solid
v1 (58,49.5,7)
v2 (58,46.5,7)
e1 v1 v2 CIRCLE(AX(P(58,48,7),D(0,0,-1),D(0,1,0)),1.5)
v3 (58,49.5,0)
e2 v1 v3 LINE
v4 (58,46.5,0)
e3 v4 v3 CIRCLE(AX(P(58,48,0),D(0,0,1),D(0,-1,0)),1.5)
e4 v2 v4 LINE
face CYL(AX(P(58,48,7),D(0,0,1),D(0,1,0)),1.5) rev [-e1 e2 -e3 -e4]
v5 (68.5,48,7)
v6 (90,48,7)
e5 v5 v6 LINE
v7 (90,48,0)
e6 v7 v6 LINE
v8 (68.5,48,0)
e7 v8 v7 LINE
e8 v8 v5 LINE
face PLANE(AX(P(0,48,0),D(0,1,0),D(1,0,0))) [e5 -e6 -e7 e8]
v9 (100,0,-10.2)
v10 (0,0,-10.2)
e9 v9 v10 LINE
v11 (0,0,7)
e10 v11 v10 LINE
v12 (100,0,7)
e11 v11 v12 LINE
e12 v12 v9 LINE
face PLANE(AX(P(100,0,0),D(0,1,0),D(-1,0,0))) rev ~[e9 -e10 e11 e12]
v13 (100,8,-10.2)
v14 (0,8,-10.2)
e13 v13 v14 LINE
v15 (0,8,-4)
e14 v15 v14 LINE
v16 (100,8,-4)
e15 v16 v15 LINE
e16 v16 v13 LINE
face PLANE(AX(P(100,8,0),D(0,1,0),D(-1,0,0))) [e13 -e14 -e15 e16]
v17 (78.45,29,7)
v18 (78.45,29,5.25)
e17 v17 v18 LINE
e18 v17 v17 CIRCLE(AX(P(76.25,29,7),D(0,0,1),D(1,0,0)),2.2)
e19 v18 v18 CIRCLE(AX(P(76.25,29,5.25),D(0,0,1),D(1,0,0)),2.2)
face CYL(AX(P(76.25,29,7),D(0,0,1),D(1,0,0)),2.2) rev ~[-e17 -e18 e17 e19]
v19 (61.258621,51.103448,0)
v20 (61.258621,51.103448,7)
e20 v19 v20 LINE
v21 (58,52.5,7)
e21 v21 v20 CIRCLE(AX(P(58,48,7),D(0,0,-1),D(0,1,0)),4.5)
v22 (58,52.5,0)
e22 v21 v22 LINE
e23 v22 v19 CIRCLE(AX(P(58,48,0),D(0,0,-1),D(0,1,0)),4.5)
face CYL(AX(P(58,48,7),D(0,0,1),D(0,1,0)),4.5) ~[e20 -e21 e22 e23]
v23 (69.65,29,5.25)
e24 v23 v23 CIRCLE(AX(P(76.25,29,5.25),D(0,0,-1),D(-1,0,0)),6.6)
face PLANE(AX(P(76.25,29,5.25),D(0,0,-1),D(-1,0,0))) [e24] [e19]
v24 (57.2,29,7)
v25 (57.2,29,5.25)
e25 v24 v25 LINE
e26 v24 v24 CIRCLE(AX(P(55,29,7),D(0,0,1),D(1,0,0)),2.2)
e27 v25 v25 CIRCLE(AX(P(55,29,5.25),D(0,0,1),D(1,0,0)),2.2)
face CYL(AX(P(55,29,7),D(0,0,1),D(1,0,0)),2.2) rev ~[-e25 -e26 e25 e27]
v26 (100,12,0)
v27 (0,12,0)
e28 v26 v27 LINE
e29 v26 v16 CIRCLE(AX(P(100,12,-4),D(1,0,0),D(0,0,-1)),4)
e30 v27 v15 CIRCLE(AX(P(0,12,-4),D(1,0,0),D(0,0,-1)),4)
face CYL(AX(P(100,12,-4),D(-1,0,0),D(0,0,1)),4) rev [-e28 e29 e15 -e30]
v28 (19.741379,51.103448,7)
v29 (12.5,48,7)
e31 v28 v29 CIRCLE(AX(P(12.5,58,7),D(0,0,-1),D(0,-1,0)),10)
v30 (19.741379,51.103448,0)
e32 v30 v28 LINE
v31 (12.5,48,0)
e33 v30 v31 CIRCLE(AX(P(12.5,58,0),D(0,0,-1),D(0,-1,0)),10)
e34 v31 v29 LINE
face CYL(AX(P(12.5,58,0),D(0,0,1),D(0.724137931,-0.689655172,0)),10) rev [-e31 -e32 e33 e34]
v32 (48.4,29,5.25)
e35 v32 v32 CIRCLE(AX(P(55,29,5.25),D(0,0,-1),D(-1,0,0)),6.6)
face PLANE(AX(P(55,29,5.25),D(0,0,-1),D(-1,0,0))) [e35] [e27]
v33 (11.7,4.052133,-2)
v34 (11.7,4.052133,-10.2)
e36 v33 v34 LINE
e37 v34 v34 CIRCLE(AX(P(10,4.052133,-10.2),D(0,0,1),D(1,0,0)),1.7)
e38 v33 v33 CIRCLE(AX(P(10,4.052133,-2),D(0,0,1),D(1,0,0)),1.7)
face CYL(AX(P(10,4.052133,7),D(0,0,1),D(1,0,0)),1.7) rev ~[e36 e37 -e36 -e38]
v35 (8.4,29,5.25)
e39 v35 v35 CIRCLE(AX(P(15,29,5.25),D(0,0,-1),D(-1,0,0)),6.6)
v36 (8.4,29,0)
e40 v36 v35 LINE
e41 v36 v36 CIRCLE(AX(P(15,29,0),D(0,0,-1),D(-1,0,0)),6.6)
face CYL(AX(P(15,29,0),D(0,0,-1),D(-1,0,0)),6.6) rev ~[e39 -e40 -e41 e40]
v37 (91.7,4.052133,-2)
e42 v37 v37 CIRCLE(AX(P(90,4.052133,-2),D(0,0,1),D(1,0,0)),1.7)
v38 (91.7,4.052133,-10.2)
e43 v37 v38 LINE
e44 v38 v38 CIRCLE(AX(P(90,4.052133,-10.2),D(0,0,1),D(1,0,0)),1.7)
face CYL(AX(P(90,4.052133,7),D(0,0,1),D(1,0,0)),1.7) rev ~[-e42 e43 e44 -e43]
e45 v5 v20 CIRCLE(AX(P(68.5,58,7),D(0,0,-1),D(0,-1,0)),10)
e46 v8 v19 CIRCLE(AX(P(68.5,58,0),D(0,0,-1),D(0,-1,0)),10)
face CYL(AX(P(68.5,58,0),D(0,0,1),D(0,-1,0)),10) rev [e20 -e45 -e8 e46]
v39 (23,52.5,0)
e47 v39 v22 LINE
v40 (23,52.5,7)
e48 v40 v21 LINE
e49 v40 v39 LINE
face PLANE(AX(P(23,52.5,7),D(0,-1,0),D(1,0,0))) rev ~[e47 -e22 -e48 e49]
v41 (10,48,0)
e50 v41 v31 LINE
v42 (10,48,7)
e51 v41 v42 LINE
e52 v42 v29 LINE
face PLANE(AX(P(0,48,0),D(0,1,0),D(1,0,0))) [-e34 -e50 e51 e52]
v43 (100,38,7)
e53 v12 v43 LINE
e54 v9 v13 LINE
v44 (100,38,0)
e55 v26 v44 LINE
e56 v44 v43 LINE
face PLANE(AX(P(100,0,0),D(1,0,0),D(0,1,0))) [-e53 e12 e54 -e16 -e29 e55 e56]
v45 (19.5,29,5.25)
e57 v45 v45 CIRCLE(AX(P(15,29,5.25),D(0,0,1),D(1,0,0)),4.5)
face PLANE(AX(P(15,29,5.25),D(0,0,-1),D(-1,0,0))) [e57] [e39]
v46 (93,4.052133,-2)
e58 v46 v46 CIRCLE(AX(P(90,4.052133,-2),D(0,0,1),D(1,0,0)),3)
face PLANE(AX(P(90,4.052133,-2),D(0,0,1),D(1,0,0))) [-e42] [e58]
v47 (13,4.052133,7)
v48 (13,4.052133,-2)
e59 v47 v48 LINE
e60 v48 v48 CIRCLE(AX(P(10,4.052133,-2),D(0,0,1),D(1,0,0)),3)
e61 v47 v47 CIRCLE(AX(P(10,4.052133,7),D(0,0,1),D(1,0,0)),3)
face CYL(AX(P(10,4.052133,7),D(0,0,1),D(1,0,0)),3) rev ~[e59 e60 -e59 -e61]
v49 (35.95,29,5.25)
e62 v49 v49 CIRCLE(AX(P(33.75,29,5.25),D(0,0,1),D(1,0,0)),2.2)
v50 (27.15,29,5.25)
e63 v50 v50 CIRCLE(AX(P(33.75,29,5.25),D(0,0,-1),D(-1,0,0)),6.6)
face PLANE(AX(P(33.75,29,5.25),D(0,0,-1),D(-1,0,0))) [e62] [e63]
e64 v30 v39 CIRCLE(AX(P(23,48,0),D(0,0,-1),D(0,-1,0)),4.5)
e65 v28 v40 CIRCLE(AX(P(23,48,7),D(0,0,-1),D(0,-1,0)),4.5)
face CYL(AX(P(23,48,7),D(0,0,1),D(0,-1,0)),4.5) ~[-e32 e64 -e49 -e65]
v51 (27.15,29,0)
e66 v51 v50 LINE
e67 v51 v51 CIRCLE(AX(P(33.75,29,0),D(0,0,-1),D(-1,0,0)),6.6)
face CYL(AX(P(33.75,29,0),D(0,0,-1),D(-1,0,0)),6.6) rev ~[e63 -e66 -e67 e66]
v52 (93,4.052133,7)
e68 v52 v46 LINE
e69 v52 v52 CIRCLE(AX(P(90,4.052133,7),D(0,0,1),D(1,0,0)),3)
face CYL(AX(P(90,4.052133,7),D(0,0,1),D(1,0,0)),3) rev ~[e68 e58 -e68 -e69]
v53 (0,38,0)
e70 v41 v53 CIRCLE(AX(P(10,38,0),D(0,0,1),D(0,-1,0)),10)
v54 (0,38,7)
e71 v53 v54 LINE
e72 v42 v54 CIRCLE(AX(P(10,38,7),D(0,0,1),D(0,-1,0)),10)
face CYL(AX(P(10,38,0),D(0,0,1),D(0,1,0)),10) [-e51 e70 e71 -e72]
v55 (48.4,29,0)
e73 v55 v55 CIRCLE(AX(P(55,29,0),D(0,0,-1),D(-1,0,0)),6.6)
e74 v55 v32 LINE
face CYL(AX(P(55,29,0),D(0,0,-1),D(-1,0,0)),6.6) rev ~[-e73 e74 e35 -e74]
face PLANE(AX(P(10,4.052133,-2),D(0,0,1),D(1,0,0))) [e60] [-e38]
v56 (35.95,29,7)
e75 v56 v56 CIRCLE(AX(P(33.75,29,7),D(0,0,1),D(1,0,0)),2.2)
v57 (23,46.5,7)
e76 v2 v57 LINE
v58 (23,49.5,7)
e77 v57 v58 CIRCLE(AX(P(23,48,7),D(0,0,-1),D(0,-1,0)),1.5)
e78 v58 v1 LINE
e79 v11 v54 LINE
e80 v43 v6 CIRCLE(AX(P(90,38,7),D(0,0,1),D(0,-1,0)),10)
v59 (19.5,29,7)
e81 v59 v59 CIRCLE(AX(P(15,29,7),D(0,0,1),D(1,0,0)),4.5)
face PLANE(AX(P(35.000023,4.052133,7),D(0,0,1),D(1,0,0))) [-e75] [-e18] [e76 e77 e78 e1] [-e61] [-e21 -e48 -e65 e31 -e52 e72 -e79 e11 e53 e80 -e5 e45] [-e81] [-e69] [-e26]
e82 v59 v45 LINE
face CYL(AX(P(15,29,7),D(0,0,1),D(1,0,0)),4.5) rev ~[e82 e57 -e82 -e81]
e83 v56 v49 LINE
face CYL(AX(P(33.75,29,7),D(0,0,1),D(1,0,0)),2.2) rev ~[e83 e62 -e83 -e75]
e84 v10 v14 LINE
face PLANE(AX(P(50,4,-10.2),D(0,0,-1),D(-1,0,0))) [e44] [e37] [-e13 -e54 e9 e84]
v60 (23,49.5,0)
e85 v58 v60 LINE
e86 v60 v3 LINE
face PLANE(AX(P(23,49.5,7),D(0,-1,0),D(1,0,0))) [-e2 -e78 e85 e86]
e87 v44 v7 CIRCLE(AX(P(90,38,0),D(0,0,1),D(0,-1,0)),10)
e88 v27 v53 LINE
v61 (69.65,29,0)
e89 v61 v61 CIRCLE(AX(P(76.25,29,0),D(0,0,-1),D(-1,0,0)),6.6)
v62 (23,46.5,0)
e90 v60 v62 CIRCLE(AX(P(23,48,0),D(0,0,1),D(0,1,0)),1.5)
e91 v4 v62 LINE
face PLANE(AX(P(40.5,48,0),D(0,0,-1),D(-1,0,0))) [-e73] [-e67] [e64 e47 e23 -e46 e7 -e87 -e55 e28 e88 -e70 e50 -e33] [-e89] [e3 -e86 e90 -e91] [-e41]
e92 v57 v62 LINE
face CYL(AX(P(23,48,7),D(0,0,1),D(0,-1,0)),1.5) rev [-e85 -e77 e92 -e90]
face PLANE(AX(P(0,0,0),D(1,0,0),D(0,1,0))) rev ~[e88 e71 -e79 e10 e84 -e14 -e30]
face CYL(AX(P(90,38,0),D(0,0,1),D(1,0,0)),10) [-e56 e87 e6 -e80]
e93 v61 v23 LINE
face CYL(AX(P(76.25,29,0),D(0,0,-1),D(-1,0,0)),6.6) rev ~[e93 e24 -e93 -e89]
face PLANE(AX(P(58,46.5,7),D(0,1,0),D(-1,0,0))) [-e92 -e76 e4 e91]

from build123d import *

# Parameters (mm, degrees)
SKETCH1_W           = 100
SKETCH1_H           = 48
BOSS_EXTRUDE1_DEPTH = 7
CUT_EXTRUDE1_REACH  = 113.144
SKETCH2_R           = 4.5
SKETCH2_R_2         = 2.2
SKETCH3_W           = 100
SKETCH3_H           = 8
BOSS_EXTRUDE2_DEPTH = 10.2
SKETCH4_R           = 6.6
CUT_EXTRUDE2_DEPTH  = 5.25
SKETCH5_R           = 2.6
CUT_EXTRUDE3_DEPTH  = 7
SKETCH7_R           = 1.5
CUT_EXTRUDE4_DEPTH  = 112.391382072
CUT_EXTRUDE5_REACH  = 114.249
SKETCH8_R           = 1.7
SKETCH9_R           = 3
CUT_EXTRUDE6_DEPTH  = 9
BOSS_EXTRUDE3_DEPTH = 7
CUT_EXTRUDE7_REACH  = 116.246
FILLET1_R           = 10
FILLET2_R           = 10
SKETCH12_R          = 2.6
BOSS_EXTRUDE6_DEPTH = 17.2
FILLET3_R           = 4


with BuildPart() as part:
    # Sketch1 → Boss-Extrude1 (new body)
    with BuildSketch(Plane.XY):
        with Locations((50, 24)):
            Rectangle(SKETCH1_W, SKETCH1_H)
    extrude(amount=BOSS_EXTRUDE1_DEPTH)

    # Sketch2 → Cut-Extrude1 (cut, up to next)
    with BuildSketch(Plane.XY.offset(7), mode=Mode.PRIVATE) as cut_extrude1_sk1:
        with Locations((15, 29)):
            Circle(SKETCH2_R)
    cut_extrude1_tool1 = extrude(cut_extrude1_sk1.sketch, amount=-CUT_EXTRUDE1_REACH, mode=Mode.PRIVATE) & part.part
    # Sketch2 → Cut-Extrude1 (cut, up to next)
    with BuildSketch(Plane.XY.offset(7), mode=Mode.PRIVATE) as cut_extrude1_sk2:
        with Locations((33.75, 29)):
            Circle(SKETCH2_R_2)
    cut_extrude1_tool2 = extrude(cut_extrude1_sk2.sketch, amount=-CUT_EXTRUDE1_REACH, mode=Mode.PRIVATE) & part.part
    # Sketch2 → Cut-Extrude1 (cut, up to next)
    with BuildSketch(Plane.XY.offset(7), mode=Mode.PRIVATE) as cut_extrude1_sk3:
        with Locations((55, 29)):
            Circle(SKETCH2_R_2)
    cut_extrude1_tool3 = extrude(cut_extrude1_sk3.sketch, amount=-CUT_EXTRUDE1_REACH, mode=Mode.PRIVATE) & part.part
    # Sketch2 → Cut-Extrude1 (cut, up to next)
    with BuildSketch(Plane.XY.offset(7), mode=Mode.PRIVATE) as cut_extrude1_sk4:
        with Locations((76.25, 29)):
            Circle(SKETCH2_R_2)
    cut_extrude1_tool4 = extrude(cut_extrude1_sk4.sketch, amount=-CUT_EXTRUDE1_REACH, mode=Mode.PRIVATE) & part.part
    add(cut_extrude1_tool1.solids().sort_by_distance((15, 29, 7))[0], mode=Mode.SUBTRACT)
    add(cut_extrude1_tool2.solids().sort_by_distance((33.75, 29, 7))[0], mode=Mode.SUBTRACT)
    add(cut_extrude1_tool3.solids().sort_by_distance((55, 29, 7))[0], mode=Mode.SUBTRACT)
    add(cut_extrude1_tool4.solids().sort_by_distance((76.25, 29, 7))[0], mode=Mode.SUBTRACT)

    # Sketch3 → Boss-Extrude2 (add)
    with BuildSketch(Plane(origin=(0, 0, 0), x_dir=(-1, 0, 0), z_dir=(0, 0, -1))):
        with Locations((-50, 4)):
            Rectangle(SKETCH3_W, SKETCH3_H)
    extrude(amount=BOSS_EXTRUDE2_DEPTH)

    # Sketch4 → Cut-Extrude2 (cut)
    with BuildSketch(Plane(origin=(0, 0, 0), x_dir=(-1, 0, 0), z_dir=(0, 0, -1))):
        with Locations((-76.25, 29)):
            Circle(SKETCH4_R)
        with Locations((-55, 29)):
            Circle(SKETCH4_R)
        with Locations((-33.75, 29)):
            Circle(SKETCH4_R)
        with Locations((-15, 29)):
            Circle(SKETCH4_R)
    extrude(amount=-CUT_EXTRUDE2_DEPTH, mode=Mode.SUBTRACT)

    # Sketch5 → Cut-Extrude3 (cut)
    with BuildSketch(Plane.XY.offset(7)):
        with Locations((35.000022648, 4.052132501)):
            Circle(SKETCH5_R)
        with Locations((64.999977352, 4)):
            Circle(SKETCH5_R)
    extrude(amount=-CUT_EXTRUDE3_DEPTH, mode=Mode.SUBTRACT)

    # Sketch7 → Cut-Extrude4 (cut, through all)
    with BuildSketch(Plane.XY):
        with Locations((35.000022648, 4.052132501)):
            Circle(SKETCH7_R)
        with Locations((64.999977352, 4)):
            Circle(SKETCH7_R)
    extrude(amount=-CUT_EXTRUDE4_DEPTH, mode=Mode.SUBTRACT)

    # Sketch8 → Cut-Extrude5 (cut, up to next)
    with BuildSketch(Plane.XY.offset(7), mode=Mode.PRIVATE) as cut_extrude5_sk1:
        with Locations((10, 4.052132501)):
            Circle(SKETCH8_R)
    cut_extrude5_tool1 = extrude(cut_extrude5_sk1.sketch, amount=-CUT_EXTRUDE5_REACH, mode=Mode.PRIVATE) & part.part
    # Sketch8 → Cut-Extrude5 (cut, up to next)
    with BuildSketch(Plane.XY.offset(7), mode=Mode.PRIVATE) as cut_extrude5_sk2:
        with Locations((90, 4.052132501)):
            Circle(SKETCH8_R)
    cut_extrude5_tool2 = extrude(cut_extrude5_sk2.sketch, amount=-CUT_EXTRUDE5_REACH, mode=Mode.PRIVATE) & part.part
    add(cut_extrude5_tool1.solids().sort_by_distance((10, 4.052133, 7))[0], mode=Mode.SUBTRACT)
    add(cut_extrude5_tool2.solids().sort_by_distance((90, 4.052133, 7))[0], mode=Mode.SUBTRACT)

    # Sketch9 → Cut-Extrude6 (cut)
    with BuildSketch(Plane.XY.offset(7)):
        with Locations((10, 4.052132501)):
            Circle(SKETCH9_R)
        with Locations((90, 4.052132501)):
            Circle(SKETCH9_R)
    extrude(amount=-CUT_EXTRUDE6_DEPTH, mode=Mode.SUBTRACT)

    # Sketch10 → Boss-Extrude3 (add)
    with BuildSketch(Plane.XY.offset(7)):
        with BuildLine():
            Line((23, 52.5), (58, 52.5))
            ThreePointArc((58, 52.5), (62.5, 48), (58, 43.5))
            Line((58, 43.5), (23, 43.5))
            ThreePointArc((23, 43.5), (18.5, 48), (23, 52.5))
        make_face()
        with BuildLine():
            Line((23, 49.5), (58, 49.5))
            ThreePointArc((58, 49.5), (59.5, 48), (58, 46.5))
            Line((58, 46.5), (23, 46.5))
            ThreePointArc((23, 46.5), (21.5, 48), (23, 49.5))
        make_face(mode=Mode.SUBTRACT)
    extrude(amount=-BOSS_EXTRUDE3_DEPTH)

    # Sketch11 → Cut-Extrude7 (cut, up to next)
    with BuildSketch(Plane.XY.offset(7), mode=Mode.PRIVATE) as cut_extrude7_sk1:
        with BuildLine():
            Line((23, 49.5), (58, 49.5))
            ThreePointArc((58, 49.5), (59.5, 48), (58, 46.5))
            Line((58, 46.5), (23, 46.5))
            ThreePointArc((23, 46.5), (21.5, 48), (23, 49.5))
        make_face()
    cut_extrude7_tool1 = extrude(cut_extrude7_sk1.sketch, amount=-CUT_EXTRUDE7_REACH, mode=Mode.PRIVATE) & part.part
    add(cut_extrude7_tool1.solids().sort_by_distance((40.5, 48, 7))[0], mode=Mode.SUBTRACT)

    # Fillet1
    fillet1_edges = [part.edges().sort_by_distance(p)[0] for p in [
        (0, 48, 3.5),
        (100, 48, 3.5),
    ]]
    fillet(fillet1_edges, radius=FILLET1_R)

    # Fillet2
    fillet2_edges = [part.edges().sort_by_distance(p)[0] for p in [
        (18.5, 48, 3.5),
        (62.5, 48, 3.5),
    ]]
    fillet(fillet2_edges, radius=FILLET2_R)

    # Sketch12 → Boss-Extrude6 (add)
    with BuildSketch(Plane.XY.offset(7)):
        with Locations((35.000022648, 4.052132501)):
            Circle(SKETCH12_R)
        with Locations((64.999977352, 4)):
            Circle(SKETCH12_R)
    extrude(amount=-BOSS_EXTRUDE6_DEPTH)

    # Fillet3
    fillet3_edges = [part.edges().sort_by_distance(p)[0] for p in [
        (50, 8, 0),
    ]]
    fillet(fillet3_edges, radius=FILLET3_R)


solid = part.part
